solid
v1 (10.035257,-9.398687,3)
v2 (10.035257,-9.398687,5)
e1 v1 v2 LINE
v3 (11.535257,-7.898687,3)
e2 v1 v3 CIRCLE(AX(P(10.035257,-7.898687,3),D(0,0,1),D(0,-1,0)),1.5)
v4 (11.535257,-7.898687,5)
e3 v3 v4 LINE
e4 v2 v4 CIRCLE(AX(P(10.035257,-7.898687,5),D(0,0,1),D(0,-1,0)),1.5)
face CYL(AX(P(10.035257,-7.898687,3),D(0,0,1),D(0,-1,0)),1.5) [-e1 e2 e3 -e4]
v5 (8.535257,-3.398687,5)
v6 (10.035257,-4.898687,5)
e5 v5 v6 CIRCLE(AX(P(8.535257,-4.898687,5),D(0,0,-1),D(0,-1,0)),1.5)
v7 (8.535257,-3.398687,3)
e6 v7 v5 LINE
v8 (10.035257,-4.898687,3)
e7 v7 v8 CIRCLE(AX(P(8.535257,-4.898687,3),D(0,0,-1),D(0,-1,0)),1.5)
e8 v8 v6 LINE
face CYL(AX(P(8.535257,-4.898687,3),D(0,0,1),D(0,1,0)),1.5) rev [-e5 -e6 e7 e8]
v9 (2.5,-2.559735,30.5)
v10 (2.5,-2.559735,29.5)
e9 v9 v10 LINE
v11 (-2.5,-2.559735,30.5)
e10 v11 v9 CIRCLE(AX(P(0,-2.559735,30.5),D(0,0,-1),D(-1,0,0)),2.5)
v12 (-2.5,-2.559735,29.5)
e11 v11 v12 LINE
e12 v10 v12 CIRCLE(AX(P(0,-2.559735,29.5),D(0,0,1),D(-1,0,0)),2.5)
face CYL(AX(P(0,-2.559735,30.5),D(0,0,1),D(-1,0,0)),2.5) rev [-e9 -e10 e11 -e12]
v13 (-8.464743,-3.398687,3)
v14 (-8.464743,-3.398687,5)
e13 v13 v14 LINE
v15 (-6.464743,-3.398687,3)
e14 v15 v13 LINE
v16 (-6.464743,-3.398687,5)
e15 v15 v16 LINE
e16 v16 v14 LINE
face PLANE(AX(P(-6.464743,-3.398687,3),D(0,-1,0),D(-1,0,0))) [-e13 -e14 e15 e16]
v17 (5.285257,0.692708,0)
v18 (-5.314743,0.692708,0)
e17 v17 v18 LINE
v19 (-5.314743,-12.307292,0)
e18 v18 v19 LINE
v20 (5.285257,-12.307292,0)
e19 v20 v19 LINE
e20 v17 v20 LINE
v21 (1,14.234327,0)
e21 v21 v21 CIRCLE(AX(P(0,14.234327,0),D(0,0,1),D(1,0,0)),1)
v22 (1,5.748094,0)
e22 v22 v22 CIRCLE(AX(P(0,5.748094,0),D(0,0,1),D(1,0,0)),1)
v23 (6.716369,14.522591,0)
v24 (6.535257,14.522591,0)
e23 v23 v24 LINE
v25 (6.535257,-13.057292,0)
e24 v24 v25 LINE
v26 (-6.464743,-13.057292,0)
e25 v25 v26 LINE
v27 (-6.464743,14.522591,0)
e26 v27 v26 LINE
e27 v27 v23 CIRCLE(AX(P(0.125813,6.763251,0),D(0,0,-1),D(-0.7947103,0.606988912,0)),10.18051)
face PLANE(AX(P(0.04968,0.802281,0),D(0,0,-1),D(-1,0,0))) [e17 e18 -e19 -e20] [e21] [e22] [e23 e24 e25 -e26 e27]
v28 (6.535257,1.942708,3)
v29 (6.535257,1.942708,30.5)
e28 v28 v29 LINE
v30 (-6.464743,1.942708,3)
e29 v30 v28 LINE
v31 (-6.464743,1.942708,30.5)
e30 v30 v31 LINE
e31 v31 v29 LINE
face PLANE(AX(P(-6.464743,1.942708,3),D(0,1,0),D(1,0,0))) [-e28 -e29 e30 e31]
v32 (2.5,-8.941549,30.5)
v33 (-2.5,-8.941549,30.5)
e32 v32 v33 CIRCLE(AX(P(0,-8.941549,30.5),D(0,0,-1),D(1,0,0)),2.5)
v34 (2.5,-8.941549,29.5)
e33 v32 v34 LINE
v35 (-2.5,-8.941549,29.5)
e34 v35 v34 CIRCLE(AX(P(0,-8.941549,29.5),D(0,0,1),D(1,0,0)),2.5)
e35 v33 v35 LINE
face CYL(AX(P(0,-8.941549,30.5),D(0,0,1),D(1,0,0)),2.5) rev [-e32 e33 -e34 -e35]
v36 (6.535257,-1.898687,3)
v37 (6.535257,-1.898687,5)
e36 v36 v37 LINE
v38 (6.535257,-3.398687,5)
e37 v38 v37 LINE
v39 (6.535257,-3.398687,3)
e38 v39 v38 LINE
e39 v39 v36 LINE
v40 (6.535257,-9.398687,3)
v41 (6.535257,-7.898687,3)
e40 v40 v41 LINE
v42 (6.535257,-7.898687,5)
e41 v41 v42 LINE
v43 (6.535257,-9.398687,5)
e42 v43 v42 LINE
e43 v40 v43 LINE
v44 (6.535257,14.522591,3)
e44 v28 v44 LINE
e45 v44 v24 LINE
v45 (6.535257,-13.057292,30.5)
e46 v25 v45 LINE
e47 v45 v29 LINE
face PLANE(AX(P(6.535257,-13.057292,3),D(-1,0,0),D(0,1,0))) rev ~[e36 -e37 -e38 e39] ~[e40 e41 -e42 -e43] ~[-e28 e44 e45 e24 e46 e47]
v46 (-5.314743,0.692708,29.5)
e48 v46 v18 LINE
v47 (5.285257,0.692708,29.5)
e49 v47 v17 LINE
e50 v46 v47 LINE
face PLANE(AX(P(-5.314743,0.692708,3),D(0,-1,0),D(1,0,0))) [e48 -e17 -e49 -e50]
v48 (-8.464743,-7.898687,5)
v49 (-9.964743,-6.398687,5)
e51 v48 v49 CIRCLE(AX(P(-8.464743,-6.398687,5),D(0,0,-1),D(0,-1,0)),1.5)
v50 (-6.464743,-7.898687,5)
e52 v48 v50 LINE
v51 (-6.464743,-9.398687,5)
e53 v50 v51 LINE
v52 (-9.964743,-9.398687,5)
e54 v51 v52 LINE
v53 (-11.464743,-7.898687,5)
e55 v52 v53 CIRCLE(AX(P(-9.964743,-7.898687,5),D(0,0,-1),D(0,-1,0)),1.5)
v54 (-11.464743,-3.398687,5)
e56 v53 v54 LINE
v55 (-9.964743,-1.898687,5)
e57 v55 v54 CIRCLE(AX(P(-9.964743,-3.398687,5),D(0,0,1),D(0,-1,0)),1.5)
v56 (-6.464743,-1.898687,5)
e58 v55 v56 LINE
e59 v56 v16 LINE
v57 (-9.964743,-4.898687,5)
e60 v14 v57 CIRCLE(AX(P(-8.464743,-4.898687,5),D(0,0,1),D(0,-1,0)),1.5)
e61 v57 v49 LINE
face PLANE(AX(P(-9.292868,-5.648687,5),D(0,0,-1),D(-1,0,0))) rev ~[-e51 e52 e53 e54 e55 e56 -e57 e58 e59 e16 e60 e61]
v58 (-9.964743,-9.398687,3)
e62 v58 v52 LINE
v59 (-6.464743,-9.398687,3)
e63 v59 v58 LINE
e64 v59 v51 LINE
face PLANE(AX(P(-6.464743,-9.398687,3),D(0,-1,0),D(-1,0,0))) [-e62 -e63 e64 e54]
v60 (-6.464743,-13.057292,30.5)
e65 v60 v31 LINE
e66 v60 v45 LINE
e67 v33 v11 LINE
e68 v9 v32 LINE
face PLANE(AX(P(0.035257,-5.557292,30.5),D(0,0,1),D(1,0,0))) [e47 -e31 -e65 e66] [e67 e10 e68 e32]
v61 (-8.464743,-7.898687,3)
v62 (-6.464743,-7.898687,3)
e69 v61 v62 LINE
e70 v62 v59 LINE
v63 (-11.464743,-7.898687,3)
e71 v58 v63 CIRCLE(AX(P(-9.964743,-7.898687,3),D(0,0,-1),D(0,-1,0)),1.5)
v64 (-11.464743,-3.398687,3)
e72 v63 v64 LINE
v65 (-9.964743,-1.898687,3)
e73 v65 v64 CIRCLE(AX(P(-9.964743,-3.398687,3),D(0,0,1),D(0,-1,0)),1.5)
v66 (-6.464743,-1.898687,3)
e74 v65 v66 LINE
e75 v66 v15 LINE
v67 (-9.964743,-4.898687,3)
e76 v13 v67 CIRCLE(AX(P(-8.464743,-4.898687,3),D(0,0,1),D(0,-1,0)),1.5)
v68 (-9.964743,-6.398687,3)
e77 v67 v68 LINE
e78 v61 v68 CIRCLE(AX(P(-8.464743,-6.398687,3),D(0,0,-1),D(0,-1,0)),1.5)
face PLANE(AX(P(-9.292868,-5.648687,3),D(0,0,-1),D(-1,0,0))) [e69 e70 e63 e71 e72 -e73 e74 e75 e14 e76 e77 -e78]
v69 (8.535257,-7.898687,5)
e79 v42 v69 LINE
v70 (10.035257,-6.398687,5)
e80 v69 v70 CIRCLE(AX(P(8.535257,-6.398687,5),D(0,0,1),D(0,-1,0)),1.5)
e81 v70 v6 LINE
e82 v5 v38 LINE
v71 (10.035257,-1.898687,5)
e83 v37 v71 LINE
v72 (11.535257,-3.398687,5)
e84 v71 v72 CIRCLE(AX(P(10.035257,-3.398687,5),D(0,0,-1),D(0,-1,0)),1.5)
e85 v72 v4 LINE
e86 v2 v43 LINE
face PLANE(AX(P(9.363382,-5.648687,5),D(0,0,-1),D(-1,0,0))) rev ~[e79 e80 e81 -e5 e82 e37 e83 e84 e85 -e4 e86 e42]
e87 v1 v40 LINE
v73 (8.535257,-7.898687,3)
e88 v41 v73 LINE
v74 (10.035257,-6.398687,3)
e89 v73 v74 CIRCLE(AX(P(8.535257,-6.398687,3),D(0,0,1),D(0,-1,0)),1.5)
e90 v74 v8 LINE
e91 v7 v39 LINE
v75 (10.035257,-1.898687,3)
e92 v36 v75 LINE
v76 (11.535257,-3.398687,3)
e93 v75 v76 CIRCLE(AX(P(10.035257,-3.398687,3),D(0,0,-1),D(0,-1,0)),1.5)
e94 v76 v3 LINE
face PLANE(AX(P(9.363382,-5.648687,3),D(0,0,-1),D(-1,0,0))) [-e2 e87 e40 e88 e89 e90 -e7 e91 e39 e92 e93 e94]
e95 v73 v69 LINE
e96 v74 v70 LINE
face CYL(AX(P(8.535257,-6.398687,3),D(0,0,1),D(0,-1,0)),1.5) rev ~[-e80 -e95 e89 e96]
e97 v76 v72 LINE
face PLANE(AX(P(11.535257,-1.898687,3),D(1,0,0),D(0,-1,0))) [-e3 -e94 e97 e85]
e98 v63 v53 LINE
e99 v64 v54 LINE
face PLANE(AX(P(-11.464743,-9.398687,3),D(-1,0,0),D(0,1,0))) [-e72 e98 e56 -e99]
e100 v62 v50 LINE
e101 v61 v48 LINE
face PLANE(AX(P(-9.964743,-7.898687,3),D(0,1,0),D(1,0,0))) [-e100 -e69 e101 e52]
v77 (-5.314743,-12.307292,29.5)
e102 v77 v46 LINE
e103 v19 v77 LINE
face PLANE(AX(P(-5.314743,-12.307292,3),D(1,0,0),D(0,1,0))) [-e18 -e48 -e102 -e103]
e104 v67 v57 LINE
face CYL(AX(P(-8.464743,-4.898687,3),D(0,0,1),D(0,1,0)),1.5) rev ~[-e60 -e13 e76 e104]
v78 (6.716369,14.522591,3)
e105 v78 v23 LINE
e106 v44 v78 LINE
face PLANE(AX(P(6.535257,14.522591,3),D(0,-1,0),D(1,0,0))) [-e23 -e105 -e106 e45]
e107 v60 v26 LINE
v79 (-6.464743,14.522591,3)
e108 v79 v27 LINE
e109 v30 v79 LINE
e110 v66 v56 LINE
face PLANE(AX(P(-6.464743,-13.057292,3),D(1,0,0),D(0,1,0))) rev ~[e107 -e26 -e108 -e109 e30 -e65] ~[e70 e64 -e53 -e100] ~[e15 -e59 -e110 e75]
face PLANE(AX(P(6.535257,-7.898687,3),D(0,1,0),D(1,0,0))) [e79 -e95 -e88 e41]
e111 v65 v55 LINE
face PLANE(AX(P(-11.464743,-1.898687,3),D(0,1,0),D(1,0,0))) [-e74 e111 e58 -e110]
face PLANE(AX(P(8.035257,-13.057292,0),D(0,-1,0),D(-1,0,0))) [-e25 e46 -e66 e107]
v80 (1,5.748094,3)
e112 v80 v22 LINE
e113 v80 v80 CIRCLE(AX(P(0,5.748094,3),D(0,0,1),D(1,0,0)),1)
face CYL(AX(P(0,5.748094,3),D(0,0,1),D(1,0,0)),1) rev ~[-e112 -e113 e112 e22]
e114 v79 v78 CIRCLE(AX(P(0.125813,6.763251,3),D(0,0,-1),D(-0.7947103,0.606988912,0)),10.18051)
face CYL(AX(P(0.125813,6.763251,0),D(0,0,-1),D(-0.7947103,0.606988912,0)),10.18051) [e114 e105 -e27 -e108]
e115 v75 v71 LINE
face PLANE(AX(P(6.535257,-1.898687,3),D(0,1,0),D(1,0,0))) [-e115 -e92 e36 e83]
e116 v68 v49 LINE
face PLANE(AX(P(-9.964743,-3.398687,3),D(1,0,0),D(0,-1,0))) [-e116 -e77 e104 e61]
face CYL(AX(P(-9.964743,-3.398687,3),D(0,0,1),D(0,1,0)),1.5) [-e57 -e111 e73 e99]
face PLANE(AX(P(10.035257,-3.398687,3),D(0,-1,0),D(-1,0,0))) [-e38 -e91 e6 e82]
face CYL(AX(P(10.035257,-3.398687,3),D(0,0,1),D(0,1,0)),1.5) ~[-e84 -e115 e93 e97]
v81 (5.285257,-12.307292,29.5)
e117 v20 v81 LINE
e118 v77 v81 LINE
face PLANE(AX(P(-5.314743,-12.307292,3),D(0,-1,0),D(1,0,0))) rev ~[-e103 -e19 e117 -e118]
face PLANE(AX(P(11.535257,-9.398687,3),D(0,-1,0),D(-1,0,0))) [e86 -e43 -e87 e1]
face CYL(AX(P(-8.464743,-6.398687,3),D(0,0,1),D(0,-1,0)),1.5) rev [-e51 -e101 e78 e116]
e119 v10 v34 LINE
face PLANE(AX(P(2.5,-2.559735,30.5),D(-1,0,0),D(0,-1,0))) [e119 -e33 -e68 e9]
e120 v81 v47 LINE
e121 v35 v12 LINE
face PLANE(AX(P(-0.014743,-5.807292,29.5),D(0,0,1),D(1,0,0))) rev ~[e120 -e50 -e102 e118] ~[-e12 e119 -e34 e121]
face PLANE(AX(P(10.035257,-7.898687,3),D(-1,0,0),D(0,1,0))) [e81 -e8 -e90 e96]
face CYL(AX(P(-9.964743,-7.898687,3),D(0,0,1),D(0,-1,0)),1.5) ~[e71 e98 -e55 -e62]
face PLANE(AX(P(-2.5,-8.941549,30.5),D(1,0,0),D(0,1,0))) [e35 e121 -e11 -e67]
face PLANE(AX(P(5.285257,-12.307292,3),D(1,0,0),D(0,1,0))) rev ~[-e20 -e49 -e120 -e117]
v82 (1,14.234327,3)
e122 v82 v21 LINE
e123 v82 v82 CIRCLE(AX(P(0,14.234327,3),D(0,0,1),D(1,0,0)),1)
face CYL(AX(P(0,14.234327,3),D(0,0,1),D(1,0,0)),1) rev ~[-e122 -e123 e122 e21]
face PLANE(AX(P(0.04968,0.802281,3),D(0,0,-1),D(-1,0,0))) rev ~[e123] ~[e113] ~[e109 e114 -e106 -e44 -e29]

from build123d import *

# Parameters (mm, degrees)
BOSS_EXTRUDE1_DEPTH = 3
SKETCH2_W           = 13
SKETCH2_H           = 15
BOSS_EXTRUDE2_DEPTH = 27.5
SKETCH3_W           = 10.6
SKETCH3_H           = 13
CUT_EXTRUDE1_DEPTH  = 26.5
CUT_EXTRUDE2_DEPTH  = 31.5
SKETCH5_W           = 1.5
SKETCH5_H           = 27.57988307
CUT_EXTRUDE3_DEPTH  = 4
BOSS_EXTRUDE4_DEPTH = 2
FILLET2_R           = 1.5
FILLET3_R           = 1.5
SKETCH7_R           = 1
CUT_EXTRUDE4_DEPTH  = 4


with BuildPart() as part:
    # Sketch1 → Boss-Extrude1 (new body)
    with BuildSketch(Plane.XY):
        with BuildLine():
            Line((8.035256759, -13.057292233), (-7.964743241, -13.057292233))
            Line((-7.964743241, -13.057292233), (-7.964743241, 12.942707767))
            ThreePointArc((-7.964743241, 12.942707767), (-0.020633322, 16.942707767), (8.035256759, 13.172891138))
            Line((8.035256759, 13.172891138), (8.035256759, -13.057292233))
        make_face()
    extrude(amount=BOSS_EXTRUDE1_DEPTH)

    # Sketch2 → Boss-Extrude2 (add)
    with BuildSketch(Plane.XY.offset(3)):
        with Locations((0.035256759, -5.557292233)):
            Rectangle(SKETCH2_W, SKETCH2_H)
    extrude(amount=BOSS_EXTRUDE2_DEPTH)

    # Sketch3 → Cut-Extrude1 (cut, symmetric)
    with BuildSketch(Plane.XY.offset(3)):
        with Locations((-0.014743241, -5.807292233)):
            Rectangle(SKETCH3_W, SKETCH3_H)
    extrude(amount=CUT_EXTRUDE1_DEPTH, both=True, mode=Mode.SUBTRACT)

    # Sketch4 → Cut-Extrude2 (cut, through all)
    with BuildSketch(Plane.XY.offset(30.5)):
        with BuildLine():
            Line((-2.5, -8.94154935), (-2.5, -2.55973464))
            ThreePointArc((-2.5, -2.55973464), (0, -0.05973464), (2.5, -2.55973464))
            Line((2.5, -2.55973464), (2.5, -8.94154935))
            ThreePointArc((2.5, -8.94154935), (0, -11.44154935), (-2.5, -8.94154935))
        make_face()
    extrude(amount=-CUT_EXTRUDE2_DEPTH, mode=Mode.SUBTRACT)

    # Sketch5 → Cut-Extrude3 (cut, through all)
    with BuildSketch(Plane.XY.offset(3)):
        with Locations((-7.214743241, 0.732649302)):
            Rectangle(SKETCH5_W, SKETCH5_H)
        with Locations((7.285256759, 0.732649302)):
            Rectangle(SKETCH5_W, SKETCH5_H)
    extrude(amount=-CUT_EXTRUDE3_DEPTH, mode=Mode.SUBTRACT)

    # Sketch6 → Boss-Extrude4 (add)
    with BuildSketch(Plane.XY.offset(3)):
        Polygon((-6.464743241, -3.398686813), (-9.964743241, -3.398686813), (-9.964743241, -7.898686813), (-6.464743241, -7.898686813), (-6.464743241, -9.398686813), (-11.464743241, -9.398686813), (-11.464743241, -1.898686813), (-6.464743241, -1.898686813), align=None)
        Polygon((6.535256759, -3.398686813), (6.535256759, -1.898686813), (11.535256759, -1.898686813), (11.535256759, -9.398686813), (6.535256759, -9.398686813), (6.535256759, -7.898686813), (10.035256759, -7.898686813), (10.035256759, -3.398686813), align=None)
    extrude(amount=BOSS_EXTRUDE4_DEPTH)

    # Fillet2
    fillet2_edges = [part.edges().sort_by_distance(p)[0] for p in [
        (-9.964743241, -3.398686813, 4),
        (-11.464743241, -1.898686813, 4),
        (-11.464743241, -9.398686813, 4),
        (-9.964743241, -7.898686813, 4),
    ]]
    fillet(fillet2_edges, radius=FILLET2_R)

    # Fillet3
    fillet3_edges = [part.edges().sort_by_distance(p)[0] for p in [
        (10.035256759, -3.398686813, 4),
        (10.035256759, -7.898686813, 4),
        (11.535256759, -9.398686813, 4),
        (11.535256759, -1.898686813, 4),
    ]]
    fillet(fillet3_edges, radius=FILLET3_R)

    # Sketch7 → Cut-Extrude4 (cut, through all)
    with BuildSketch(Plane.XY.offset(3)):
        with Locations((0, 14.234326683)):
            Circle(SKETCH7_R)
        with Locations((0, 5.748094445)):
            Circle(SKETCH7_R)
    extrude(amount=-CUT_EXTRUDE4_DEPTH, mode=Mode.SUBTRACT)


solid = part.part
